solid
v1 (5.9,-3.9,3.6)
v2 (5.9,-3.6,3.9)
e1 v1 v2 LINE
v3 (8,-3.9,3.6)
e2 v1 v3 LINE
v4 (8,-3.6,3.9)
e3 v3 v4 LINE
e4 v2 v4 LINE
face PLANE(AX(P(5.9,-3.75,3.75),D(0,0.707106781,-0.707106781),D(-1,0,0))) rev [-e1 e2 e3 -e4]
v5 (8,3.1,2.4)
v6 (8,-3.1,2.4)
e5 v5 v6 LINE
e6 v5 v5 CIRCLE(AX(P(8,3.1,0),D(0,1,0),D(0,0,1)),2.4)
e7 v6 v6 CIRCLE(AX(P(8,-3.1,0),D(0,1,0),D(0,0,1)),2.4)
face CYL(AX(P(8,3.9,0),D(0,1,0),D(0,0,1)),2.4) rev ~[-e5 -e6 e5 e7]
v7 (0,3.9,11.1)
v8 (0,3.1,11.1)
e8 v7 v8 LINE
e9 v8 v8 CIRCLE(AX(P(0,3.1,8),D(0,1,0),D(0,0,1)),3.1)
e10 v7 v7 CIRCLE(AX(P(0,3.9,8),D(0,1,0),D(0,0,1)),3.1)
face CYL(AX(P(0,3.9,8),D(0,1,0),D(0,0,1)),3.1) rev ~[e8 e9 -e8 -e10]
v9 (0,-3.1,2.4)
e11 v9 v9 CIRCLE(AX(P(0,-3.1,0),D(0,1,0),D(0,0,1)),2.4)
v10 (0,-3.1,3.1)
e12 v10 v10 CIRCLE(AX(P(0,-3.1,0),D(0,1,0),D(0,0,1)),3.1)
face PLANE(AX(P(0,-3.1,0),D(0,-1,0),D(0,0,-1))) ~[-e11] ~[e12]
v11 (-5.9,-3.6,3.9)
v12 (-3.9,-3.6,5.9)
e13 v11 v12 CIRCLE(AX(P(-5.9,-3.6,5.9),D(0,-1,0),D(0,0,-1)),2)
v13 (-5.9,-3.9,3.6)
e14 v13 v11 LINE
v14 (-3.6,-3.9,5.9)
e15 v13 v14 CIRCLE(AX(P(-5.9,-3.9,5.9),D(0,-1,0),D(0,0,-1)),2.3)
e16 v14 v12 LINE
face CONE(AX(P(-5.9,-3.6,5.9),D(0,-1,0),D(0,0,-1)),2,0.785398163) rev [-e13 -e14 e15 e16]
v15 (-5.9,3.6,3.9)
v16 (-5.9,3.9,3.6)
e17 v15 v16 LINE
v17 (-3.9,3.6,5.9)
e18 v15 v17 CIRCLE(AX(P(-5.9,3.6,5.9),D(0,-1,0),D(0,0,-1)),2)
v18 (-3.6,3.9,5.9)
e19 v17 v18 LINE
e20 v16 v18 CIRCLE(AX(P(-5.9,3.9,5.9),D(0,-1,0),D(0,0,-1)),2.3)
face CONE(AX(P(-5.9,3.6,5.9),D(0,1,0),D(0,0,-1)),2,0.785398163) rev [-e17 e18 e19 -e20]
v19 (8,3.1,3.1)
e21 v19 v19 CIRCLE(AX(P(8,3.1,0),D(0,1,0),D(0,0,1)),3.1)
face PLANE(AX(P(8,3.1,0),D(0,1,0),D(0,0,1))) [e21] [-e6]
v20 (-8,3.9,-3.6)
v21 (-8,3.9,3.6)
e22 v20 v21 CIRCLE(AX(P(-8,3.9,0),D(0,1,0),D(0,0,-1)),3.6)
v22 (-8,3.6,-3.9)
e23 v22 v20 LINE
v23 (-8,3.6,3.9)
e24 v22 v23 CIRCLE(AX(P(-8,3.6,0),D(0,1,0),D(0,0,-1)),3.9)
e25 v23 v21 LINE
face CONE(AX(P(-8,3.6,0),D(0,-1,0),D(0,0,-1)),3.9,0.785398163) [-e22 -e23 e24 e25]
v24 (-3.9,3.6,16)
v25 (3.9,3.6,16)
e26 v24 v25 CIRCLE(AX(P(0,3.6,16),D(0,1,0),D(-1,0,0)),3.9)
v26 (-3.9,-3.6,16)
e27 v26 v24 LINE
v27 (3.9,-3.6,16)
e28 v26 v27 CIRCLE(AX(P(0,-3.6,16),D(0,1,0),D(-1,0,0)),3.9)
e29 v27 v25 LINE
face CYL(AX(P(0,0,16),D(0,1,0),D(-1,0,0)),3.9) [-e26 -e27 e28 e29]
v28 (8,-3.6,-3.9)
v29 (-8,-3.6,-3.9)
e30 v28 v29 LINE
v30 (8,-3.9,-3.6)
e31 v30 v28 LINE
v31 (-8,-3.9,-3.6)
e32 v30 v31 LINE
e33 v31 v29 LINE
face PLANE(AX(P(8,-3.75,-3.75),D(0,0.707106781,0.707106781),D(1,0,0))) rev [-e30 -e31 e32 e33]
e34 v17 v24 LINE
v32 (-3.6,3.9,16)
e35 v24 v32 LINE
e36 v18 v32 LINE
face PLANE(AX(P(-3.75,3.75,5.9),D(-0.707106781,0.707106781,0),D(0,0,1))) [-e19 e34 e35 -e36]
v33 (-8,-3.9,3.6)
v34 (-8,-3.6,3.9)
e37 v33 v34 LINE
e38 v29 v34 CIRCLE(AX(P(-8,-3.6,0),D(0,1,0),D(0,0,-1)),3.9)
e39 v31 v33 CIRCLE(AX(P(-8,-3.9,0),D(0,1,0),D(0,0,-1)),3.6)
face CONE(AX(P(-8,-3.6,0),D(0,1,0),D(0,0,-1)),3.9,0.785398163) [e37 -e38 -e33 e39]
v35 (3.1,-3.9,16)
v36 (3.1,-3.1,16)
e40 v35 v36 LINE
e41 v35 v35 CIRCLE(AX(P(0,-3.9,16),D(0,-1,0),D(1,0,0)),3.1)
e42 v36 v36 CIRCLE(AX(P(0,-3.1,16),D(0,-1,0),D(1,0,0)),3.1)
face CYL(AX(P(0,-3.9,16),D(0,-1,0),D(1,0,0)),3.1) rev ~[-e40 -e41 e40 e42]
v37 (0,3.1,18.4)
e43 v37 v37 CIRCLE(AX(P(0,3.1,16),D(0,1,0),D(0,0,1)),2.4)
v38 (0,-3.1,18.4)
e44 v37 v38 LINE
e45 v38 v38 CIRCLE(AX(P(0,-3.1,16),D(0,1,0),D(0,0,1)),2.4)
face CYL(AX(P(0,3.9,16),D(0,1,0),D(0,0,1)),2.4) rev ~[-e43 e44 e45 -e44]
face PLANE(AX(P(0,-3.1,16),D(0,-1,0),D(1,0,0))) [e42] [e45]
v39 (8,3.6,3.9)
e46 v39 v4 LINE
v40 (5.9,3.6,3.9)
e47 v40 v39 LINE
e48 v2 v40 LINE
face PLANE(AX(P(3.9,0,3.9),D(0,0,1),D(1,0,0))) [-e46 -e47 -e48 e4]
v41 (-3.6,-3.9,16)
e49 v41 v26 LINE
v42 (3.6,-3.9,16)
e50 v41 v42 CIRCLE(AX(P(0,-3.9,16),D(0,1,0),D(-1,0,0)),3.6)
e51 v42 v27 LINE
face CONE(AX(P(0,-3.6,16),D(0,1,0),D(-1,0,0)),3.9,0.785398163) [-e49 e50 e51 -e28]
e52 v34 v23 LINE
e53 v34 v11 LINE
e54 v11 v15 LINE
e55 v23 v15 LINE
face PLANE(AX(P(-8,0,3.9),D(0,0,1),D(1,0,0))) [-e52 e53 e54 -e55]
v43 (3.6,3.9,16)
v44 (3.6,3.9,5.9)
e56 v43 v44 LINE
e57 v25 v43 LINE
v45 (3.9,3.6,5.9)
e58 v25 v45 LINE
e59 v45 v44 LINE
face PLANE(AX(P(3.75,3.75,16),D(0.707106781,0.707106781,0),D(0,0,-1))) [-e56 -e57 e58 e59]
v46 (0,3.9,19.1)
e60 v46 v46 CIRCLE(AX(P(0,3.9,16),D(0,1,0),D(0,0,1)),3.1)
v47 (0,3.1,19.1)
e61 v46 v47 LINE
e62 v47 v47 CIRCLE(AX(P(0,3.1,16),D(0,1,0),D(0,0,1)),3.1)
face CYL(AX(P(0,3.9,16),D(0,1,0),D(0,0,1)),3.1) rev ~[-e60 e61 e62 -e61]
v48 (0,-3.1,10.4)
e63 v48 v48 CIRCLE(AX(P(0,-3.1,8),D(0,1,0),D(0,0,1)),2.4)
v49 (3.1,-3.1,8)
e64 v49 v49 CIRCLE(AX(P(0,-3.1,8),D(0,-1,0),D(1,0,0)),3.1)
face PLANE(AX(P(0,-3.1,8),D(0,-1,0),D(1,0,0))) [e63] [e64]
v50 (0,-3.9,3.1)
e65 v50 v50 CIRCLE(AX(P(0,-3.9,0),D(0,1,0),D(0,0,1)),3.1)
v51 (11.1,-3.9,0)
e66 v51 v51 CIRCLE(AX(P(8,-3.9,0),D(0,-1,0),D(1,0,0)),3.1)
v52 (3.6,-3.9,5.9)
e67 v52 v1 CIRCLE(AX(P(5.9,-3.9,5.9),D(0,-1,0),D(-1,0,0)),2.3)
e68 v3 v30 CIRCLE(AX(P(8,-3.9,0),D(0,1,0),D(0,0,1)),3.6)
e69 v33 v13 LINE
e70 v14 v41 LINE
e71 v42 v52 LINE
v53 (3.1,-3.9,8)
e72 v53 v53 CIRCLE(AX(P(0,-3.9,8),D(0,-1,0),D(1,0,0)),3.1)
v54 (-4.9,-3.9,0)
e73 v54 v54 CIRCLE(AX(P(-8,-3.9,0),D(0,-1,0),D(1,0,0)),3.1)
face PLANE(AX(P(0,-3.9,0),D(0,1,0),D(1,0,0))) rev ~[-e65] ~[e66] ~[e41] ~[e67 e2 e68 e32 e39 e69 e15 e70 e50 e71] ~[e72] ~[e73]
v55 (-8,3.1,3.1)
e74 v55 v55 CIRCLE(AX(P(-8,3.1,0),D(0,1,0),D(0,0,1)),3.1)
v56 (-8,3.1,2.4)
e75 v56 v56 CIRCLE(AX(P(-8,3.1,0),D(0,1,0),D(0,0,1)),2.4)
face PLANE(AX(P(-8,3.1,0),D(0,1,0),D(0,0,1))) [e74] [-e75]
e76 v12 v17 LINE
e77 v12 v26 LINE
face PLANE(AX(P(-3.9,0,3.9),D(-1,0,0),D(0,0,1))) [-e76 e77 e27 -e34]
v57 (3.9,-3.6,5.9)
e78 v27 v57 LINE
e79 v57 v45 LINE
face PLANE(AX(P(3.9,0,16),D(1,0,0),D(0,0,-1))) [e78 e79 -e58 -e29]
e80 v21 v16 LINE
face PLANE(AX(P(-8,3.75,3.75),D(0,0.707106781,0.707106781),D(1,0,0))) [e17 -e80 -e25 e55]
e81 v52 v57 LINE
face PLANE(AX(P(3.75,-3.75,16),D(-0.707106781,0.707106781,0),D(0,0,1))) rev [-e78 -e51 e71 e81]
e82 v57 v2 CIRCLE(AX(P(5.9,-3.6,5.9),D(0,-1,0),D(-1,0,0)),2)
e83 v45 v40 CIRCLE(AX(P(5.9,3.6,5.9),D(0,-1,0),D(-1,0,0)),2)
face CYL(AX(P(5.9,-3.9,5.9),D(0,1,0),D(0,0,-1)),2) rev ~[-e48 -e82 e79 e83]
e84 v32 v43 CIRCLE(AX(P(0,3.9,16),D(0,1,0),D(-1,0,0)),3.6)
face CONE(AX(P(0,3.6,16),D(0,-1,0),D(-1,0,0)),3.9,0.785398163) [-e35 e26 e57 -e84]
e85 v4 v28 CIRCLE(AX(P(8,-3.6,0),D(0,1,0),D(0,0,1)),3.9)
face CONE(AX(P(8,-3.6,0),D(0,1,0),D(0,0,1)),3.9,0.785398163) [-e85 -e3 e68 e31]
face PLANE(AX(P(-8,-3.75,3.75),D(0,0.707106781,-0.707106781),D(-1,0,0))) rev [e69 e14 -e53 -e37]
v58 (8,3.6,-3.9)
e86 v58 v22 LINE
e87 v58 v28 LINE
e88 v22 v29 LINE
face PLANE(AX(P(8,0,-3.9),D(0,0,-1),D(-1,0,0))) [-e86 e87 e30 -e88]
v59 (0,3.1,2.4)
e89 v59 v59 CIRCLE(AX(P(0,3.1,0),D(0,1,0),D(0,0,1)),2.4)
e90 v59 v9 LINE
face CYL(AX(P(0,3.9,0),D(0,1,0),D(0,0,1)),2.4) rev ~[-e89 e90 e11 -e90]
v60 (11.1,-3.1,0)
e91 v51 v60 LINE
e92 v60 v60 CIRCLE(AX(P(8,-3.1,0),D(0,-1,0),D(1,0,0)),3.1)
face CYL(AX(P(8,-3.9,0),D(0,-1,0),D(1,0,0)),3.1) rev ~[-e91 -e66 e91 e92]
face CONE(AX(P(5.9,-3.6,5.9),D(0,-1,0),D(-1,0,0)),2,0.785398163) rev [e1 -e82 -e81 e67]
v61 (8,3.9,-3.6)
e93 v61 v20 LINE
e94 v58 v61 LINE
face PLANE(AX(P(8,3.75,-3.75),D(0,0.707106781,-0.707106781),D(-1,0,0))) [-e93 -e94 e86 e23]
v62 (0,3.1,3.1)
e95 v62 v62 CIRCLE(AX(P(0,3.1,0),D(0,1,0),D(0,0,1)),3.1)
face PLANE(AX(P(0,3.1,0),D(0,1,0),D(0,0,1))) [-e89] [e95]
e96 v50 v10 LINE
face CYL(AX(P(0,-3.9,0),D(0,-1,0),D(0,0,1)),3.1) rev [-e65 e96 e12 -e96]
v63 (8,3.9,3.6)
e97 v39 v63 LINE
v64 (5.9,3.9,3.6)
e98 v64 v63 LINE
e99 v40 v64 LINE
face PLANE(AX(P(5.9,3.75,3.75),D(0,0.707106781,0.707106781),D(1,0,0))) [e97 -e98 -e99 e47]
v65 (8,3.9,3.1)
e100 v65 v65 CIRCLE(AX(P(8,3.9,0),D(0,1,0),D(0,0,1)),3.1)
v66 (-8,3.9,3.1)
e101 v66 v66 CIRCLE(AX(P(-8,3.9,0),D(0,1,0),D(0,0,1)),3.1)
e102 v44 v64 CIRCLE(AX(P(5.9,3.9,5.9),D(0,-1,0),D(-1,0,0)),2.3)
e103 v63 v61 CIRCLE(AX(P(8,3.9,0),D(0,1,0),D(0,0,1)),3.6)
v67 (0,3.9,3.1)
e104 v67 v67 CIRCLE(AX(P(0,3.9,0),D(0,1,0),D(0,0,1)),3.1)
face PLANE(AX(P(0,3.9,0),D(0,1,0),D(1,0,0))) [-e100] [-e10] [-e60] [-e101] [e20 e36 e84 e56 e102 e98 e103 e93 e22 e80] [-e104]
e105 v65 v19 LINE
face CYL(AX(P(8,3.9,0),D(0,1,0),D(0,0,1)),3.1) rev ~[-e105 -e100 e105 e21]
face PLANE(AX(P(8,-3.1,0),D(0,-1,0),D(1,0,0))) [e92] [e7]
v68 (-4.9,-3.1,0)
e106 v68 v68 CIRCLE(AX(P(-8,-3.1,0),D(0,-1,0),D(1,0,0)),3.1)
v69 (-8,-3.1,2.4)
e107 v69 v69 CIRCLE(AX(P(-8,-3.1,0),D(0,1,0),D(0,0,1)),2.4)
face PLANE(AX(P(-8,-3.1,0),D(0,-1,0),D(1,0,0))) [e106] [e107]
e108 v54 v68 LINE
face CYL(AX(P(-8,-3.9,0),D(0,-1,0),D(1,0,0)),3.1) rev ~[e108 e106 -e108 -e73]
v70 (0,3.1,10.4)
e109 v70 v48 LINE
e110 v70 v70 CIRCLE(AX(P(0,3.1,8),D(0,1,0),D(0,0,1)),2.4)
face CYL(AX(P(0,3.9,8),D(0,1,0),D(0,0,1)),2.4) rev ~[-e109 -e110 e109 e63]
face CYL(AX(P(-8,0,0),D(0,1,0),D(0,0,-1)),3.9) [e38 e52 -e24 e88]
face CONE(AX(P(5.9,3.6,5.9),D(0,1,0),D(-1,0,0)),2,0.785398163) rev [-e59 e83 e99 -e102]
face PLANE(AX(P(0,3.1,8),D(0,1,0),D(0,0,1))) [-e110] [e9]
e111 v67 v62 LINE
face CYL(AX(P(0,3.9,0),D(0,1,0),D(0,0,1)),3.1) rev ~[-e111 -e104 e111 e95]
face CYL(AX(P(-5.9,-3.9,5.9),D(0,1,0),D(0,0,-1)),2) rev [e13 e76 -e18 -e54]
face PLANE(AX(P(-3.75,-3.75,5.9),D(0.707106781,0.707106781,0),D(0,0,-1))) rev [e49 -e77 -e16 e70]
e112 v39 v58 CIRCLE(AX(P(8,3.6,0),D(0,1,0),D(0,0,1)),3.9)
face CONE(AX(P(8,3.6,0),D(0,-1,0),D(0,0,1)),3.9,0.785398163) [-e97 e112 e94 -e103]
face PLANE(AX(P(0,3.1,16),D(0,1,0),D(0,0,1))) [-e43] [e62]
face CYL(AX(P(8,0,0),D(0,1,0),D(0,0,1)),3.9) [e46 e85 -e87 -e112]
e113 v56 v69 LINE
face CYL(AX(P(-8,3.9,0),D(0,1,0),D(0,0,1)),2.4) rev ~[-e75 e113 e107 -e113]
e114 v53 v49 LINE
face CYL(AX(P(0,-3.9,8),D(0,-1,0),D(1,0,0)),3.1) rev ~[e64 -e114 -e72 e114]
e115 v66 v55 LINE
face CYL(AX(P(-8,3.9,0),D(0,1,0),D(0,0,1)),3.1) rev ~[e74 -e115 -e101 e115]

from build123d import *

# Parameters (mm, degrees)
BOSS_EXTRUDE1_DEPTH           = 3.9
SKETCH2_R                     = 2.4
CUT_EXTRUDE1_DEPTH            = 25.463442113
SKETCH3_R                     = 3.1
CUT_EXTRUDE2_DEPTH            = 0.8
LPATTERN1_COUNT               = 2
LPATTERN1_PITCH               = 8
LPATTERN1_COPY_1_SKETCH_R     = 3.1
LPATTERN1_COPY_1_DEPTH        = 0.8
LPATTERN1_COL_COUNT           = 2
LPATTERN1_COL_PITCH           = 8
LPATTERN1_COL_COPY_1_SKETCH_R = 3.1
LPATTERN1_COL_COPY_1_DEPTH    = 0.8
LPATTERN2_COUNT               = 3
LPATTERN2_PITCH               = 8
LPATTERN2_COPY_1_SKETCH_R     = 3.1
LPATTERN2_COPY_1_DEPTH        = 0.8
LPATTERN2_COPY_2_SKETCH_R     = 3.1
LPATTERN2_COPY_2_DEPTH        = 0.8
FILLET1_R                     = 2
CHAMFER1_SIZE                 = 0.3


with BuildPart() as part:
    # Sketch1 → Boss-Extrude1 (new, symmetric)
    with BuildSketch(Plane(origin=(0, 0, 0), x_dir=(1, 0, 0), z_dir=(0, 1, 0))):
        with BuildLine():
            Line((-8, -3.9), (8, -3.9))
            ThreePointArc((8, -3.9), (11.9, 0), (8, 3.9))
            Line((8, 3.9), (-8, 3.9))
            ThreePointArc((-8, 3.9), (-11.9, 0), (-8, -3.9))
        make_face()
        with BuildLine():
            Line((-3.9, 0), (-3.9, -16))
            ThreePointArc((-3.9, -16), (0, -19.9), (3.9, -16))
            Line((3.9, -16), (3.9, 0))
            ThreePointArc((3.9, 0), (0, 3.9), (-3.9, 0))
        make_face()
    extrude(amount=BOSS_EXTRUDE1_DEPTH, both=True)

    # Sketch2 → Cut-Extrude1 (cut, through all)
    with BuildSketch(Plane(origin=(0, 3.9, 0), x_dir=(1, 0, 0), z_dir=(0, 1, 0))):
        with Locations(Location((0, 0, 0), (0, 0, 270))):
            Circle(SKETCH2_R)
    cut_extrude1 = extrude(amount=-CUT_EXTRUDE1_DEPTH, mode=Mode.SUBTRACT)

    # Sketch3 → Cut-Extrude2 (cut)
    with BuildSketch(Plane(origin=(0, 3.9, 0), x_dir=(1, 0, 0), z_dir=(0, 1, 0))):
        with Locations(Location((0, 0, 0), (0, 0, 270))):
            Circle(SKETCH3_R)
    cut_extrude2 = extrude(amount=-CUT_EXTRUDE2_DEPTH, mode=Mode.SUBTRACT)

    # Mirror1: Cut-Extrude2 across plane
    add(cut_extrude2.mirror(Plane.ZX), mode=Mode.SUBTRACT)

    # LPattern1: Cut-Extrude1, Cut-Extrude2 ×2
    with Locations(*[(-i * LPATTERN1_PITCH, 0, 0) for i in range(1, LPATTERN1_COUNT)]):
        add(cut_extrude1, mode=Mode.SUBTRACT)
        add(cut_extrude2, mode=Mode.SUBTRACT)

    # LPattern1 copy 1 sketch → LPattern1 copy 1 (cut)
    with BuildSketch(Plane(origin=(-8, -3.9, 0), x_dir=(1, 0, 0), z_dir=(0, -1, 0))):
        Circle(LPATTERN1_COPY_1_SKETCH_R)
    extrude(amount=-LPATTERN1_COPY_1_DEPTH, mode=Mode.SUBTRACT)

    # LPattern1 col: Cut-Extrude1, Cut-Extrude2 ×2
    with Locations(*[(i * LPATTERN1_COL_PITCH, 0, 0) for i in range(1, LPATTERN1_COL_COUNT)]):
        add(cut_extrude1, mode=Mode.SUBTRACT)
        add(cut_extrude2, mode=Mode.SUBTRACT)

    # LPattern1 col copy 1 sketch → LPattern1 col copy 1 (cut)
    with BuildSketch(Plane(origin=(8, -3.9, 0), x_dir=(1, 0, 0), z_dir=(0, -1, 0))):
        Circle(LPATTERN1_COL_COPY_1_SKETCH_R)
    extrude(amount=-LPATTERN1_COL_COPY_1_DEPTH, mode=Mode.SUBTRACT)

    # LPattern2: Cut-Extrude1, Cut-Extrude2 ×3
    with Locations(*[(0, 0, i * LPATTERN2_PITCH) for i in range(1, LPATTERN2_COUNT)]):
        add(cut_extrude1, mode=Mode.SUBTRACT)
        add(cut_extrude2, mode=Mode.SUBTRACT)

    # LPattern2 copy 1 sketch → LPattern2 copy 1 (cut)
    with BuildSketch(Plane(origin=(0, -3.9, 8), x_dir=(1, 0, 0), z_dir=(0, -1, 0))):
        Circle(LPATTERN2_COPY_1_SKETCH_R)
    extrude(amount=-LPATTERN2_COPY_1_DEPTH, mode=Mode.SUBTRACT)

    # LPattern2 copy 2 sketch → LPattern2 copy 2 (cut)
    with BuildSketch(Plane(origin=(0, -3.9, 16), x_dir=(1, 0, 0), z_dir=(0, -1, 0))):
        Circle(LPATTERN2_COPY_2_SKETCH_R)
    extrude(amount=-LPATTERN2_COPY_2_DEPTH, mode=Mode.SUBTRACT)

    # Fillet1
    fillet1_edges = [part.edges().sort_by_distance(p)[0] for p in [
        (3.9, 0, 3.9),
        (-3.9, 0, 3.9),
    ]]
    fillet(fillet1_edges, radius=FILLET1_R)

    # Chamfer1
    chamfer1_edges = [part.edges().sort_by_distance(p)[0] for p in [
        (0, 3.9, 19.9),
        (-3.9, -3.9, 10.95),
        (-3.9, 3.9, 10.95),
        (3.9, -3.9, 10.95),
        (3.9, 3.9, 10.95),
        (6.95, -3.9, 3.9),
        (6.95, 3.9, 3.9),
        (-4.485786438, 3.9, 4.485786438),
        (-4.485786438, -3.9, 4.485786438),
        (4.485786438, 3.9, 4.485786438),
        (4.485786438, -3.9, 4.485786438),
        (-6.95, 3.9, 3.9),
        (11.9, 3.9, 0),
        (0, 3.9, -3.9),
        (-11.9, 3.9, 0),
        (-6.95, -3.9, 3.9),
        (11.9, -3.9, 0),
        (0, -3.9, -3.9),
        (-11.9, -3.9, 0),
        (0, -3.9, 19.9),
    ]]
    chamfer(chamfer1_edges, length=CHAMFER1_SIZE)


solid = part.part
